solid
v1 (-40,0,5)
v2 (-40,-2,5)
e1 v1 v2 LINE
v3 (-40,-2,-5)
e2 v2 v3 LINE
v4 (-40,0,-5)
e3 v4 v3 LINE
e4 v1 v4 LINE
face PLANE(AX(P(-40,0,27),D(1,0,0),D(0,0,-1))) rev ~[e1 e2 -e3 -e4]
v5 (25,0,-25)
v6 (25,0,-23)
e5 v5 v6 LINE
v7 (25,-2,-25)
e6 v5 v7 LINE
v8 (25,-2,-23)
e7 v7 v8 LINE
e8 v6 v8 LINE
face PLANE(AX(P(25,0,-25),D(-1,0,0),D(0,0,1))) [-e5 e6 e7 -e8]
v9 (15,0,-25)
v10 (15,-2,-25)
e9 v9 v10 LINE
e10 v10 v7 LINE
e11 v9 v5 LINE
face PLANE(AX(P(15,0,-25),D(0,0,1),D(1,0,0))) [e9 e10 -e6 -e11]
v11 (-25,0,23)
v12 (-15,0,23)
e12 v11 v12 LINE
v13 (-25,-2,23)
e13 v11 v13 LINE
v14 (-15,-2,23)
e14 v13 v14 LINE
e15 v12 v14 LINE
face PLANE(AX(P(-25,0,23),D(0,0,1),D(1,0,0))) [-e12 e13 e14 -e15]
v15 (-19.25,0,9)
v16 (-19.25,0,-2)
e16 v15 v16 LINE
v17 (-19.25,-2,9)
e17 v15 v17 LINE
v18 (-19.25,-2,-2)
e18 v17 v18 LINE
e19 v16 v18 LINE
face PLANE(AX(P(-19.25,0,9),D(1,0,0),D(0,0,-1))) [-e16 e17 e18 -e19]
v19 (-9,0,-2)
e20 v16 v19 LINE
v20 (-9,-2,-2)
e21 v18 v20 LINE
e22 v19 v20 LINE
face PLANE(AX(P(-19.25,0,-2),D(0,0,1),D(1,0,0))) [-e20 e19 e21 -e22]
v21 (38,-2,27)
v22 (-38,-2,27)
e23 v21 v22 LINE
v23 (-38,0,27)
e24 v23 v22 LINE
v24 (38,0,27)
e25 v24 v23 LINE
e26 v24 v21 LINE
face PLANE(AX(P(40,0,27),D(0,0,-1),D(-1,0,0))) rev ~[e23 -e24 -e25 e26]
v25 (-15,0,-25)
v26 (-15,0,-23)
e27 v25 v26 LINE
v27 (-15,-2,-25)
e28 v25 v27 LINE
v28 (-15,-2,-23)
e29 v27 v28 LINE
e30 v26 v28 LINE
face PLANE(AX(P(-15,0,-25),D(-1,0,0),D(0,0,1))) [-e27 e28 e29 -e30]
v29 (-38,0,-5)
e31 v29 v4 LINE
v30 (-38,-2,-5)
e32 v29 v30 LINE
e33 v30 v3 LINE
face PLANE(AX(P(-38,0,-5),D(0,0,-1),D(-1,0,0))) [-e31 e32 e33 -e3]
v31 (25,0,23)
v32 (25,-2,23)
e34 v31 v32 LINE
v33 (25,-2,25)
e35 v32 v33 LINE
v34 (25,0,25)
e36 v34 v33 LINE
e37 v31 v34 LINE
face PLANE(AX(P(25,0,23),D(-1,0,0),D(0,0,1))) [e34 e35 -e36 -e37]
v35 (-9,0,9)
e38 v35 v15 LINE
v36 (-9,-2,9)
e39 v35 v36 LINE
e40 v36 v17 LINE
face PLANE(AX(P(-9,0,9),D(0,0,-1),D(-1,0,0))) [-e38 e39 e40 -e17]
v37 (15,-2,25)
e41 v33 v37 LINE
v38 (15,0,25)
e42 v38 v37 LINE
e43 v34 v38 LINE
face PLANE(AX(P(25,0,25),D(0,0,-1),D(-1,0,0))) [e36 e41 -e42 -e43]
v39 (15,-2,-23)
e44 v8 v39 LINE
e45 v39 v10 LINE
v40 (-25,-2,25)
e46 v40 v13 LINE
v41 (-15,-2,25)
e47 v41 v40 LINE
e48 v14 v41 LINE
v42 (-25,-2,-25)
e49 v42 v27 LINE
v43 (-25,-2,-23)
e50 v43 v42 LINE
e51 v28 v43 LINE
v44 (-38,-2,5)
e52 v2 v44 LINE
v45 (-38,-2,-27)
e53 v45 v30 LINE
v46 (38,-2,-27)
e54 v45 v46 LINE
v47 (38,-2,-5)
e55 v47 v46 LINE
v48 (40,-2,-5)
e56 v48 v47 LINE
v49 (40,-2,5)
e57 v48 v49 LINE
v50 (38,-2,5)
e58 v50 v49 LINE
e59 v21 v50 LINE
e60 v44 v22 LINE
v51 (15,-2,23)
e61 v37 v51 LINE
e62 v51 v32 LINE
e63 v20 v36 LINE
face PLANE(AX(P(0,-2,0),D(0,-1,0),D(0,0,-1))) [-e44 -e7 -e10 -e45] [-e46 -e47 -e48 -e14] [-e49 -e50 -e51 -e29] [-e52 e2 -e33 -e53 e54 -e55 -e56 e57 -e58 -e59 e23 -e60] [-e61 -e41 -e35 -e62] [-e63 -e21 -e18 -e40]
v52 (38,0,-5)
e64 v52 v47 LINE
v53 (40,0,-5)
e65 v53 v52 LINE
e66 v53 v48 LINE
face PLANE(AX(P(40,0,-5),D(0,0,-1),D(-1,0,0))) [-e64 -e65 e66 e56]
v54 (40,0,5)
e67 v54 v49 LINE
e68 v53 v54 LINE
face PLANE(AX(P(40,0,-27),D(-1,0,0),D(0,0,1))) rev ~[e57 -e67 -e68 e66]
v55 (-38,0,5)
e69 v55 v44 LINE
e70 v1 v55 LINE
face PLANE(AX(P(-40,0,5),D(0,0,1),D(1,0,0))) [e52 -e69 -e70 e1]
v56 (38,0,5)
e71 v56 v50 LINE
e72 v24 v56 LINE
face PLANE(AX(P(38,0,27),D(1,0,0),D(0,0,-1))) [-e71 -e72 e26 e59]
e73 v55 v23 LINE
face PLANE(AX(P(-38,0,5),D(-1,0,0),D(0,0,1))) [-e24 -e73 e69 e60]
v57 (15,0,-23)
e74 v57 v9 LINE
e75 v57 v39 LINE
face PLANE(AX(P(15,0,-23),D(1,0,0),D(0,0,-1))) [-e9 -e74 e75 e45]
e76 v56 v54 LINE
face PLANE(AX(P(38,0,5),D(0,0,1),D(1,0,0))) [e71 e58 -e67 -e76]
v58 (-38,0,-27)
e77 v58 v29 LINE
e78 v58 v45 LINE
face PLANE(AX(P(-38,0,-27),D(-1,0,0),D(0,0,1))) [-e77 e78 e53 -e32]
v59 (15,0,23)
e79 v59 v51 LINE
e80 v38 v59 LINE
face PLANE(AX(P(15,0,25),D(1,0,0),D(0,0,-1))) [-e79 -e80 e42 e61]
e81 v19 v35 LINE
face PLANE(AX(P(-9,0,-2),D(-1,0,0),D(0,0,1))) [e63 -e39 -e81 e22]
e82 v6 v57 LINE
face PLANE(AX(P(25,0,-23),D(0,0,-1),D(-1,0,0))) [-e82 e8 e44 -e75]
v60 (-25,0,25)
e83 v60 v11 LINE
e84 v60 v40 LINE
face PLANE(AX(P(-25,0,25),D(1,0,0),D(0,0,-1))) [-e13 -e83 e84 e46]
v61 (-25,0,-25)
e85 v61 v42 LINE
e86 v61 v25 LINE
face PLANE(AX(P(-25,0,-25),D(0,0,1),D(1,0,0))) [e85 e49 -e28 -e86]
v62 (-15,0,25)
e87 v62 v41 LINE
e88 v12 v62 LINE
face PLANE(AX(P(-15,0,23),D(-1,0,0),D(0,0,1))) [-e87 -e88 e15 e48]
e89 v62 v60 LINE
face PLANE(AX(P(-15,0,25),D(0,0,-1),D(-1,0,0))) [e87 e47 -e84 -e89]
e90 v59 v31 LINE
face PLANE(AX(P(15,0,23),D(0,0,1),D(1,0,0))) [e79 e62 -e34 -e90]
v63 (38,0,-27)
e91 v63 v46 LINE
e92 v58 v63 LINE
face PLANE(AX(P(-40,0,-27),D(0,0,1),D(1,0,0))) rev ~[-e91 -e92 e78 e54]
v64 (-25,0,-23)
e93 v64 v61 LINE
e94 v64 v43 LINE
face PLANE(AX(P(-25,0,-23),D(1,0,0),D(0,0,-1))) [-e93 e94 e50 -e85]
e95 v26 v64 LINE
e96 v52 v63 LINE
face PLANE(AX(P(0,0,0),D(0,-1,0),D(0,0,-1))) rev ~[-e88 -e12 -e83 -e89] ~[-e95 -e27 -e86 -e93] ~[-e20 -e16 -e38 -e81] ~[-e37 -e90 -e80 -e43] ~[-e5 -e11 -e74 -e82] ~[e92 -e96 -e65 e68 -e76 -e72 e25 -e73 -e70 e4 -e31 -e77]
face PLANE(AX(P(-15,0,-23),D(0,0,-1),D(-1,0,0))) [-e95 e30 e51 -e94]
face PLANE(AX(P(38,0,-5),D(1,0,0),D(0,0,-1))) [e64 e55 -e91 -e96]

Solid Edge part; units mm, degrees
sketch "Sketch1" plane through (0, 0, 0) normal (0, -1, 0) x (1, 0, 0)
  line L0 (40, -27) -> (40, 27)
  line L1 (40, 27) -> (-40, 27)
  line L2 (-40, 27) -> (-40, -27)
  line L3 (-40, -27) -> (40, -27)
extrude "Protrusion1" add sketch "Sketch1" along normal blind 2
sketch "Sketch2" plane through (0, 0, 0) normal (0, -1, 0) x (1, 0, 0)
  line L0 (-25, 23) -> (-15, 23)
  line L1 (-15, 23) -> (-15, 25)
  line L2 (-15, 25) -> (-25, 25)
  line L3 (-25, 25) -> (-25, 23)
extrude "ExtrudedCutout_1" cut sketch "Sketch2" along normal blind 2
sketch "Sketch3" plane through (0, 0, 0) normal (0, -1, 0) x (1, 0, 0)
  line L0 (25, 25) -> (15, 25)
  line L1 (15, 25) -> (15, 23)
  line L2 (15, 23) -> (25, 23)
  line L3 (25, 23) -> (25, 25)
extrude "ExtrudedCutout_2" cut sketch "Sketch3" along normal blind 2
sketch "Sketch4" plane through (0, 0, 0) normal (0, -1, 0) x (1, 0, 0)
  line L0 (15, -25) -> (25, -25)
  line L1 (25, -25) -> (25, -23)
  line L2 (25, -23) -> (15, -23)
  line L3 (15, -23) -> (15, -25)
extrude "ExtrudedCutout_3" cut sketch "Sketch4" along normal blind 2
sketch "Sketch5" plane through (0, 0, 0) normal (0, -1, 0) x (1, 0, 0)
  line L0 (-15, -23) -> (-25, -23)
  line L1 (-25, -23) -> (-25, -25)
  line L2 (-25, -25) -> (-15, -25)
  line L3 (-15, -25) -> (-15, -23)
extrude "ExtrudedCutout_4" cut sketch "Sketch5" along normal blind 2
sketch "Sketch6" plane through (0, 0, 0) normal (0, -1, 0) x (1, 0, 0)
  line L0 (-38, -27) -> (-38, -5)
  line L1 (-38, -5) -> (-40, -5)
  line L2 (-40, -5) -> (-40, -27)
  line L3 (-40, -27) -> (-38, -27)
extrude "ExtrudedCutout_5" cut sketch "Sketch6" along normal blind 2
sketch "Sketch7" plane through (0, 0, 0) normal (0, -1, 0) x (1, 0, 0)
  line L0 (-38, 5) -> (-38, 27)
  line L1 (-38, 27) -> (-40, 27)
  line L2 (-40, 27) -> (-40, 5)
  line L3 (-40, 5) -> (-38, 5)
extrude "ExtrudedCutout_6" cut sketch "Sketch7" along normal blind 2
sketch "Sketch8" plane through (0, 0, 0) normal (0, -1, 0) x (1, 0, 0)
  line L0 (38, -5) -> (38, -27)
  line L1 (38, -27) -> (40, -27)
  line L2 (40, -27) -> (40, -5)
  line L3 (40, -5) -> (38, -5)
extrude "ExtrudedCutout_7" cut sketch "Sketch8" along normal blind 2
sketch "Sketch9" plane through (0, 0, 0) normal (0, -1, 0) x (1, 0, 0)
  line L0 (38, 27) -> (38, 5)
  line L1 (38, 5) -> (40, 5)
  line L2 (40, 5) -> (40, 27)
  line L3 (40, 27) -> (38, 27)
extrude "ExtrudedCutout_8" cut sketch "Sketch9" along normal blind 2
sketch "Sketch10" plane through (0, 0, 0) normal (0, -1, 0) x (1, 0, 0)
  line L0 (-19.25, -2) -> (-9, -2)
  line L1 (-9, -2) -> (-9, 9)
  line L2 (-9, 9) -> (-19.25, 9)
  line L3 (-19.25, 9) -> (-19.25, -2)
extrude "ExtrudedCutout_9" cut sketch "Sketch10" along normal blind 2
properties material "Acrylic, high impact grade"
